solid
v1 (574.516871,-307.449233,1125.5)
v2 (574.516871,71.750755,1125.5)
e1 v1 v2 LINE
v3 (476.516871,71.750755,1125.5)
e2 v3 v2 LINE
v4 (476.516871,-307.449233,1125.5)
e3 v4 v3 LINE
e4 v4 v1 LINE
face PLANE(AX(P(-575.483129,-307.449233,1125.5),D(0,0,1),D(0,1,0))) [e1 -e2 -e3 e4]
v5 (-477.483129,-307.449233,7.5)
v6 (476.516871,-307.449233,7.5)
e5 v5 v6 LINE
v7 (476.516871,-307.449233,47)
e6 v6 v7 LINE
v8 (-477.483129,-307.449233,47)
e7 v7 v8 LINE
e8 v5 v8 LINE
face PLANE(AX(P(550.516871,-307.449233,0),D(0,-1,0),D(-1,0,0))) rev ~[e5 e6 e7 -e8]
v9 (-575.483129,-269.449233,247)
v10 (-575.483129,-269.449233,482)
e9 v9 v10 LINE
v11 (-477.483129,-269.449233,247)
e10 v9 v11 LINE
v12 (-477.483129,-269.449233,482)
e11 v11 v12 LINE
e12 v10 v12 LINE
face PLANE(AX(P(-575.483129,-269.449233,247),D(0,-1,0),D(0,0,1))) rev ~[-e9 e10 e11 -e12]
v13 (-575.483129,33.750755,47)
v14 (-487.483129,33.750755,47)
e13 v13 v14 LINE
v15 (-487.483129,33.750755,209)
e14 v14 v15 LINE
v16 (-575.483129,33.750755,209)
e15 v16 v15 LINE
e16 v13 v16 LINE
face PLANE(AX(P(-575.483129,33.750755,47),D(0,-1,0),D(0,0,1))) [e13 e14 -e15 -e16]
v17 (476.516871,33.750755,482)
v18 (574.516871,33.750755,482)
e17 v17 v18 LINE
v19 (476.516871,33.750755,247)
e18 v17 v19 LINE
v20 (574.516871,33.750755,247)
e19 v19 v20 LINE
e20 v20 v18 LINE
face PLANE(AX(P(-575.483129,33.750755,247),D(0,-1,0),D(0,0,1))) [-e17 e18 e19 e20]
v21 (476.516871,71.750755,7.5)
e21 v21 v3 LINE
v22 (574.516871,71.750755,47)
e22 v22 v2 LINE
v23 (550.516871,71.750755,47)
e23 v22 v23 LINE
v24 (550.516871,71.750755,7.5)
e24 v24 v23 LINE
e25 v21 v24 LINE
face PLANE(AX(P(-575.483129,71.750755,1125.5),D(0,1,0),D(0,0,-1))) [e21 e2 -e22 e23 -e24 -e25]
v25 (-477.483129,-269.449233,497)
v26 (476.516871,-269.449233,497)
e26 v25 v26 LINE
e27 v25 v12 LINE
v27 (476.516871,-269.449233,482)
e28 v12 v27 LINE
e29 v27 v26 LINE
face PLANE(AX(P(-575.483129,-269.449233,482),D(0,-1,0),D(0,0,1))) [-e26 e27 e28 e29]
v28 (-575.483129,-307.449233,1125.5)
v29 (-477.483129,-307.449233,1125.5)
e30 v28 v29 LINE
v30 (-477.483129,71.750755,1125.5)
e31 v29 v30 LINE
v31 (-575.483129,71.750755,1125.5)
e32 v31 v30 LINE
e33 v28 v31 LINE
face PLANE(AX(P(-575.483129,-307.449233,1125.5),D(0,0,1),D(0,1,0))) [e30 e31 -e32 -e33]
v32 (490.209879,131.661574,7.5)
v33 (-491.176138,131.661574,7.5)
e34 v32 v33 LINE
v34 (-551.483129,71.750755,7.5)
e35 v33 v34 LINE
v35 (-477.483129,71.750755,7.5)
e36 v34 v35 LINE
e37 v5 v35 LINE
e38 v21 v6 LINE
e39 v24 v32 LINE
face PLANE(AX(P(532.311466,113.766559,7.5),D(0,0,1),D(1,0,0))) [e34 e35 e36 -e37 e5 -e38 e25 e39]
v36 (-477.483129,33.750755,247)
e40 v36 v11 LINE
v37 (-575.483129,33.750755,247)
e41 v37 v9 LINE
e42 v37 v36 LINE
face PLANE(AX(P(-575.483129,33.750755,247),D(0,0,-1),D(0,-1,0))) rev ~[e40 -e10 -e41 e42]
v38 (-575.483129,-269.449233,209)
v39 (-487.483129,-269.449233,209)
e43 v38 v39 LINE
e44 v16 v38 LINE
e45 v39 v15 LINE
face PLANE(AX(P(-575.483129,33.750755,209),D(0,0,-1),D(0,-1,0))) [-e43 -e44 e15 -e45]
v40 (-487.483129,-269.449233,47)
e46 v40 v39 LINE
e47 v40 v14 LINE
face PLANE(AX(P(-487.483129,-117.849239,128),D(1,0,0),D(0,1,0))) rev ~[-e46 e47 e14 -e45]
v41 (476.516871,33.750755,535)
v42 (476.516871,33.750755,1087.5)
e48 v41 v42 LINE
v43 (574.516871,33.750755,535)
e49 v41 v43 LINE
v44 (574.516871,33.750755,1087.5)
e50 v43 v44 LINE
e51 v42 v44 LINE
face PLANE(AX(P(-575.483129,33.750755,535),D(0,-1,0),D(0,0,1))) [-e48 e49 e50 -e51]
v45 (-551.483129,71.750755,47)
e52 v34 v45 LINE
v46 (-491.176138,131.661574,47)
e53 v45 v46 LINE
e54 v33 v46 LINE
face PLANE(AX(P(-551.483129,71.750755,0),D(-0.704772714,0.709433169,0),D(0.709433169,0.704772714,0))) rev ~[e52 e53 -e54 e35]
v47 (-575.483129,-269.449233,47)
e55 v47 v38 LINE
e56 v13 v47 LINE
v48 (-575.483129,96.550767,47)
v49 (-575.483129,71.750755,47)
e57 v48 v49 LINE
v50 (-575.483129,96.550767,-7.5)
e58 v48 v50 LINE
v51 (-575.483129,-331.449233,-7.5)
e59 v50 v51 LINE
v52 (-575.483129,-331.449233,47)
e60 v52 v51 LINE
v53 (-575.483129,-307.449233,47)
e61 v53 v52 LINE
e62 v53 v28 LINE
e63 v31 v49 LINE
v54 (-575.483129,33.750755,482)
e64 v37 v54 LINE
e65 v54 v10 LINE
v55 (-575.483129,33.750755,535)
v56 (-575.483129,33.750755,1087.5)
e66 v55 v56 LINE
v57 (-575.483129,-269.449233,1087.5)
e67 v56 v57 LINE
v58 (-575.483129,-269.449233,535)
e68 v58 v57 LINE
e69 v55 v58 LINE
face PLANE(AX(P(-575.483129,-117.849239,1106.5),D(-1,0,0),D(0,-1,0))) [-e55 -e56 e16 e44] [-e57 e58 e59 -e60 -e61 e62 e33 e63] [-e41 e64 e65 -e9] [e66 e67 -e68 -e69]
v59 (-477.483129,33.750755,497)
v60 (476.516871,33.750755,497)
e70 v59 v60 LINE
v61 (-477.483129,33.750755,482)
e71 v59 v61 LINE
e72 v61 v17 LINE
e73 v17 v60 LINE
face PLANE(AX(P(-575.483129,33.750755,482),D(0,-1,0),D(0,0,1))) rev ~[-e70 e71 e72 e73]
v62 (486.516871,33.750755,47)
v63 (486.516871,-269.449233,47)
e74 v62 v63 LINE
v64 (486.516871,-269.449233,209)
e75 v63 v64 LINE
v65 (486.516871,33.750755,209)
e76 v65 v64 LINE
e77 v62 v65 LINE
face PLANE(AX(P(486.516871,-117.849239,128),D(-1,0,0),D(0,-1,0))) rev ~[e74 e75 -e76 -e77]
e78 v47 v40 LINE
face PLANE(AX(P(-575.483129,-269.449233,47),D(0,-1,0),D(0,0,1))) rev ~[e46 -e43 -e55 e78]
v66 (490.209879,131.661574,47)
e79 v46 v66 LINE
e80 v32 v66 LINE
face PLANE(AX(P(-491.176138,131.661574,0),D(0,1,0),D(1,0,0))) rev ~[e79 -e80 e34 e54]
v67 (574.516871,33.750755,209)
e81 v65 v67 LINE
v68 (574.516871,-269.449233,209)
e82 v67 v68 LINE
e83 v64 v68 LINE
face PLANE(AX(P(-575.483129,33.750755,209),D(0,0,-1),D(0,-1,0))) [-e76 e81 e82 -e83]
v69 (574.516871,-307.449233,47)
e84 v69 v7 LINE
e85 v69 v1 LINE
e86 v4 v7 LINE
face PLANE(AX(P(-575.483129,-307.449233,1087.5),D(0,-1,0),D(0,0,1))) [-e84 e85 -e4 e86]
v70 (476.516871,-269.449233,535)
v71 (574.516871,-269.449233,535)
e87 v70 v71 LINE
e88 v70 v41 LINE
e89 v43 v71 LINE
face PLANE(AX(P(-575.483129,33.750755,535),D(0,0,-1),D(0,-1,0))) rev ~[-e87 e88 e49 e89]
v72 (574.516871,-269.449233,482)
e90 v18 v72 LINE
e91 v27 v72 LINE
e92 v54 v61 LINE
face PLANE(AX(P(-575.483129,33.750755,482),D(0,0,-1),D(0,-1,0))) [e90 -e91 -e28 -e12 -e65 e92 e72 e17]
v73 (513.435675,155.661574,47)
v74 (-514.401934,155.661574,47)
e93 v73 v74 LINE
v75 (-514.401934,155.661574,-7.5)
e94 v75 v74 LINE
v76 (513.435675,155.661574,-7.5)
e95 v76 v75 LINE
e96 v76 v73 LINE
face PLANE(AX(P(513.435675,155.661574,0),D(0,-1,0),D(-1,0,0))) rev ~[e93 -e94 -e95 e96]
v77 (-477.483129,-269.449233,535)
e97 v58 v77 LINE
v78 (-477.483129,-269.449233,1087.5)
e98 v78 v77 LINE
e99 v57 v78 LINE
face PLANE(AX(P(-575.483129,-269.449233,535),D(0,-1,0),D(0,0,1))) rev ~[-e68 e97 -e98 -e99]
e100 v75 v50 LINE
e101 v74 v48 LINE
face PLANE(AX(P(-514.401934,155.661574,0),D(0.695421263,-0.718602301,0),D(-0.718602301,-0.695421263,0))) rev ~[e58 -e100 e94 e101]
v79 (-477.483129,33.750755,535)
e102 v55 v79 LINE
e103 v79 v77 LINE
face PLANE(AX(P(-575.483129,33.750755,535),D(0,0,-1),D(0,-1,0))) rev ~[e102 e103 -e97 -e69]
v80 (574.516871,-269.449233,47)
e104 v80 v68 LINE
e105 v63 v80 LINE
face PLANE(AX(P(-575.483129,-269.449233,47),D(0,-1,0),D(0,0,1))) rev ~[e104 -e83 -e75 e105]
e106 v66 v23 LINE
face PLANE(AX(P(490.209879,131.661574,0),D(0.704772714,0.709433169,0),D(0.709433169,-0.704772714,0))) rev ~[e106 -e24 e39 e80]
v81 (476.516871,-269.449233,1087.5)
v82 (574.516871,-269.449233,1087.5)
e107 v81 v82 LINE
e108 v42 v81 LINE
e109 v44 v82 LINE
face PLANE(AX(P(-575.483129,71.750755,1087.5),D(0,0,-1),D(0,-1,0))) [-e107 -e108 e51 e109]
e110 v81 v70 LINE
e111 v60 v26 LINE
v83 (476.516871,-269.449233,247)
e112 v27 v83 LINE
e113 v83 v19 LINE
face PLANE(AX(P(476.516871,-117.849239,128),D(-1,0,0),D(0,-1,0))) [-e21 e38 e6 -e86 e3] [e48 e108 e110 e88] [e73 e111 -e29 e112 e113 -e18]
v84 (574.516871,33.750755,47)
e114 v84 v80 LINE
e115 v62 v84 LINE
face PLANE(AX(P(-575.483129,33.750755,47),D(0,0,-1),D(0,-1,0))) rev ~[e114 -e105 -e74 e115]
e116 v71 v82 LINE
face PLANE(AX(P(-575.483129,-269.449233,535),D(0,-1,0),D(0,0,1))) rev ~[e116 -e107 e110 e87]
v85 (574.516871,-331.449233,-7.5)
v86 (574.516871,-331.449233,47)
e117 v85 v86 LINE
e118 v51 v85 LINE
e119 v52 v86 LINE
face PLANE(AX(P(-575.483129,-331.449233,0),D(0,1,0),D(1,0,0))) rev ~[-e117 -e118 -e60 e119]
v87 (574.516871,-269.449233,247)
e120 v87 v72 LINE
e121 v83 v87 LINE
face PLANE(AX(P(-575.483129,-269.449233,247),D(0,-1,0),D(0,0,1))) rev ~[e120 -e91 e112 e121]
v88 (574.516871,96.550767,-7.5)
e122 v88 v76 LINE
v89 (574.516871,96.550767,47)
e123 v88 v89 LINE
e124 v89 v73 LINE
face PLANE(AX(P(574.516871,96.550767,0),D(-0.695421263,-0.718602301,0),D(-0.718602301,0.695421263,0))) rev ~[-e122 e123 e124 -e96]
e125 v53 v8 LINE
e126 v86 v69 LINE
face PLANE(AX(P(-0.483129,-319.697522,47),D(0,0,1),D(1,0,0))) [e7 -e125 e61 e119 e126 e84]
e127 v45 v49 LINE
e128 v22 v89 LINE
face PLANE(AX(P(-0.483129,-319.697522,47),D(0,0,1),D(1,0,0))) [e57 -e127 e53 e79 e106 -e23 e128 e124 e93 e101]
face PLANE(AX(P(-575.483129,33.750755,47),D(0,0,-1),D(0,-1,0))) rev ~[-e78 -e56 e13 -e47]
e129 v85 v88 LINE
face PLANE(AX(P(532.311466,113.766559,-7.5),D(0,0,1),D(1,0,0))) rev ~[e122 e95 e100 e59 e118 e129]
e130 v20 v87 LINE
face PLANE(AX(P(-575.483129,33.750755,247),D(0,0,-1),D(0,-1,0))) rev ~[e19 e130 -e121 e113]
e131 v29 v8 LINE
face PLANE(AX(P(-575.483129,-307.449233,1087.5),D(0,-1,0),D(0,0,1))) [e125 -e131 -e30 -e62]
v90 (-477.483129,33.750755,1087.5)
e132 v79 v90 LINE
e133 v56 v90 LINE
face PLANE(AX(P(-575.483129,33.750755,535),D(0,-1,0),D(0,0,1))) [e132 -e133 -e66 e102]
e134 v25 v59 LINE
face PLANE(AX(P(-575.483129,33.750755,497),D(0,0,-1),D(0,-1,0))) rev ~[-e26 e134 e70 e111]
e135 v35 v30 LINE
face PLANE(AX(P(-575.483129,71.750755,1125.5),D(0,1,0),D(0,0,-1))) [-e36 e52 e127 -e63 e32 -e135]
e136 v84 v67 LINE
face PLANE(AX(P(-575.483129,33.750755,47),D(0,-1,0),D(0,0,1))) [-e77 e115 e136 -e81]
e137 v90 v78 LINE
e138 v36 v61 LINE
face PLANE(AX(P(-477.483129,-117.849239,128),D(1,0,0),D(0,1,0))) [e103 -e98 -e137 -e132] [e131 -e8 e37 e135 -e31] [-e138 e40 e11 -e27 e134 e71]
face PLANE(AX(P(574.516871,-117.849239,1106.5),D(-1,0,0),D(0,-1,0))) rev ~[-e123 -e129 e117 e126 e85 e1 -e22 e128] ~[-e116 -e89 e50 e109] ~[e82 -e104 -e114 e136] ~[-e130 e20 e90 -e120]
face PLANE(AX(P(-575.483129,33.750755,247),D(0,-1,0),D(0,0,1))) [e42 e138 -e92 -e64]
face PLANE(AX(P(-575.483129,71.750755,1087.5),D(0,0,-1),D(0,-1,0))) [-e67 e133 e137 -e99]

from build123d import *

# Parameters (mm, degrees)
F1_DEPTH  = 7.5
F2_DEPTH  = 47
F3_W      = 98
F3_H      = 38
F3_H_2    = 303.1999886395
F4_DEPTH  = 1080
F5_W      = 303.1999886395
F5_H      = 552.5
F5_H_2    = 235
F6_DEPTH  = 1150.001
F7_DEPTH  = 1150
F8_W      = 954
F8_H      = 379.1999886395
F9_DEPTH  = 49
F5_H_3    = 162
F10_DEPTH = 1150
F11_W     = 303.1999886395
F11_H     = 162
F12_DEPTH = 10
F13_W     = 303.1999886395
F13_H     = 162
F14_DEPTH = 10
F5_H_4    = 15
F15_DEPTH = 1150


with BuildPart() as f1:
    # F0 (on Top) → F1 (new body, symmetric)
    with BuildSketch(Plane.XY):
        Polygon((550.5168708265, 71.7507553279), (574.5168708265, 96.5507666884), (513.4356752447, 155.6615740446), (490.2098794325, 131.6615740446), align=None)
        Polygon((513.4356752447, 155.6615740446), (-514.4019335917, 155.6615740446), (-491.1761377795, 131.6615740446), (490.2098794325, 131.6615740446), align=None)
        Polygon((-514.4019335917, 155.6615740446), (-575.4831291735, 96.5507666884), (-551.4831291735, 71.7507553279), (-491.1761377795, 131.6615740446), align=None)
        Polygon((-575.4831291735, 96.5507666884), (-575.4831291735, -331.4492333116), (-551.4831291735, -307.4492333116), (-551.4831291735, 71.7507553279), align=None)
        Polygon((550.5168708265, -307.4492333116), (574.5168708265, -331.4492333116), (574.5168708265, 96.5507666884), (550.5168708265, 71.7507553279), align=None)
        Polygon((-551.4831291735, -307.4492333116), (-575.4831291735, -331.4492333116), (574.5168708265, -331.4492333116), (550.5168708265, -307.4492333116), align=None)
        Polygon((-551.4831291735, 71.7507553279), (-551.4831291735, -307.4492333116), (550.5168708265, -307.4492333116), (550.5168708265, 71.7507553279), (490.2098794325, 131.6615740446), (-491.1761377795, 131.6615740446), align=None)
    extrude(amount=F1_DEPTH, both=True)

    # F0 (on Top) → F2 (join)
    with BuildSketch(Plane.XY):
        Polygon((-551.4831291735, -307.4492333116), (-575.4831291735, -331.4492333116), (574.5168708265, -331.4492333116), (550.5168708265, -307.4492333116), align=None)
        Polygon((-575.4831291735, 96.5507666884), (-575.4831291735, -331.4492333116), (-551.4831291735, -307.4492333116), (-551.4831291735, 71.7507553279), align=None)
        Polygon((550.5168708265, -307.4492333116), (574.5168708265, -331.4492333116), (574.5168708265, 96.5507666884), (550.5168708265, 71.7507553279), align=None)
        Polygon((-514.4019335917, 155.6615740446), (-575.4831291735, 96.5507666884), (-551.4831291735, 71.7507553279), (-491.1761377795, 131.6615740446), align=None)
        Polygon((550.5168708265, 71.7507553279), (574.5168708265, 96.5507666884), (513.4356752447, 155.6615740446), (490.2098794325, 131.6615740446), align=None)
        Polygon((513.4356752447, 155.6615740446), (-514.4019335917, 155.6615740446), (-491.1761377795, 131.6615740446), (490.2098794325, 131.6615740446), align=None)
    extrude(amount=F2_DEPTH)

    # F3 (on face) → F4 (join)
    with BuildSketch(Plane.XY.offset(7.5)):
        with Locations((-526.4831291735, -288.4492333116)):
            Rectangle(F3_W, F3_H)
        with Locations((-526.4831291735, -117.8492389919)):
            Rectangle(F3_W, F3_H_2)
        with Locations((-526.4831291735, 52.7507553279)):
            Rectangle(F3_W, F3_H)
        with Locations((525.5168708265, -288.4492333116)):
            Rectangle(F3_W, F3_H)
        with Locations((525.5168708265, -117.8492389919)):
            Rectangle(F3_W, F3_H_2)
        with Locations((525.5168708265, 52.7507553279)):
            Rectangle(F3_W, F3_H)
    extrude(amount=F4_DEPTH)

    # F5 (on face) → F6 (cut, through all)
    with BuildSketch(Plane(origin=(-575.4831291735, 0, 0), x_dir=(0, -1, 0), z_dir=(-1, 0, 0))):
        with Locations((117.8492389919, 811.25)):
            Rectangle(F5_W, F5_H)
        with Locations((117.8492389919, 364.5)):
            Rectangle(F5_W, F5_H_2)
    extrude(amount=-F6_DEPTH, mode=Mode.SUBTRACT)

    # F5 (on face) → F7 (join)
    with BuildSketch(Plane(origin=(-575.4831291735, 0, 0), x_dir=(0, -1, 0), z_dir=(-1, 0, 0))):
        Polygon((-71.7507553279, 1087.5), (-33.7507553279, 1087.5), (269.4492333116, 1087.5), (307.4492333116, 1087.5), (307.4492333116, 1125.5), (-71.7507553279, 1125.5), align=None)
    extrude(amount=-F7_DEPTH)

    # F8 (on face) → F9 (cut, symmetric)
    with BuildSketch(Plane.XY.offset(1125.5)):
        with Locations((-0.4831291735, -117.8492389919)):
            Rectangle(F8_W, F8_H)
    extrude(amount=F9_DEPTH, both=True, mode=Mode.SUBTRACT)

    # F5 (on face) → F10 (cut)
    with BuildSketch(Plane(origin=(-575.4831291735, 0, 0), x_dir=(0, -1, 0), z_dir=(-1, 0, 0))):
        with Locations((117.8492389919, 128)):
            Rectangle(F5_W, F5_H_3)
    extrude(amount=-F10_DEPTH, mode=Mode.SUBTRACT)

    # F11 (on face) → F12 (join)
    with BuildSketch(Plane.YZ.offset(-477.4831291735)):
        with Locations((-117.8492389919, 128)):
            Rectangle(F11_W, F11_H)
    extrude(amount=-F12_DEPTH)

    # F13 (on face) → F14 (join)
    with BuildSketch(Plane(origin=(476.5168708265, 0, 0), x_dir=(0, -1, 0), z_dir=(-1, 0, 0))):
        with Locations((117.8492389919, 128)):
            Rectangle(F13_W, F13_H)
    extrude(amount=-F14_DEPTH)

    # F5 (on face) → F15 (join)
    with BuildSketch(Plane(origin=(-575.4831291735, 0, 0), x_dir=(0, -1, 0), z_dir=(-1, 0, 0))):
        with Locations((117.8492389919, 489.5)):
            Rectangle(F5_W, F5_H_4)
    extrude(amount=-F15_DEPTH)


solid = f1.part
